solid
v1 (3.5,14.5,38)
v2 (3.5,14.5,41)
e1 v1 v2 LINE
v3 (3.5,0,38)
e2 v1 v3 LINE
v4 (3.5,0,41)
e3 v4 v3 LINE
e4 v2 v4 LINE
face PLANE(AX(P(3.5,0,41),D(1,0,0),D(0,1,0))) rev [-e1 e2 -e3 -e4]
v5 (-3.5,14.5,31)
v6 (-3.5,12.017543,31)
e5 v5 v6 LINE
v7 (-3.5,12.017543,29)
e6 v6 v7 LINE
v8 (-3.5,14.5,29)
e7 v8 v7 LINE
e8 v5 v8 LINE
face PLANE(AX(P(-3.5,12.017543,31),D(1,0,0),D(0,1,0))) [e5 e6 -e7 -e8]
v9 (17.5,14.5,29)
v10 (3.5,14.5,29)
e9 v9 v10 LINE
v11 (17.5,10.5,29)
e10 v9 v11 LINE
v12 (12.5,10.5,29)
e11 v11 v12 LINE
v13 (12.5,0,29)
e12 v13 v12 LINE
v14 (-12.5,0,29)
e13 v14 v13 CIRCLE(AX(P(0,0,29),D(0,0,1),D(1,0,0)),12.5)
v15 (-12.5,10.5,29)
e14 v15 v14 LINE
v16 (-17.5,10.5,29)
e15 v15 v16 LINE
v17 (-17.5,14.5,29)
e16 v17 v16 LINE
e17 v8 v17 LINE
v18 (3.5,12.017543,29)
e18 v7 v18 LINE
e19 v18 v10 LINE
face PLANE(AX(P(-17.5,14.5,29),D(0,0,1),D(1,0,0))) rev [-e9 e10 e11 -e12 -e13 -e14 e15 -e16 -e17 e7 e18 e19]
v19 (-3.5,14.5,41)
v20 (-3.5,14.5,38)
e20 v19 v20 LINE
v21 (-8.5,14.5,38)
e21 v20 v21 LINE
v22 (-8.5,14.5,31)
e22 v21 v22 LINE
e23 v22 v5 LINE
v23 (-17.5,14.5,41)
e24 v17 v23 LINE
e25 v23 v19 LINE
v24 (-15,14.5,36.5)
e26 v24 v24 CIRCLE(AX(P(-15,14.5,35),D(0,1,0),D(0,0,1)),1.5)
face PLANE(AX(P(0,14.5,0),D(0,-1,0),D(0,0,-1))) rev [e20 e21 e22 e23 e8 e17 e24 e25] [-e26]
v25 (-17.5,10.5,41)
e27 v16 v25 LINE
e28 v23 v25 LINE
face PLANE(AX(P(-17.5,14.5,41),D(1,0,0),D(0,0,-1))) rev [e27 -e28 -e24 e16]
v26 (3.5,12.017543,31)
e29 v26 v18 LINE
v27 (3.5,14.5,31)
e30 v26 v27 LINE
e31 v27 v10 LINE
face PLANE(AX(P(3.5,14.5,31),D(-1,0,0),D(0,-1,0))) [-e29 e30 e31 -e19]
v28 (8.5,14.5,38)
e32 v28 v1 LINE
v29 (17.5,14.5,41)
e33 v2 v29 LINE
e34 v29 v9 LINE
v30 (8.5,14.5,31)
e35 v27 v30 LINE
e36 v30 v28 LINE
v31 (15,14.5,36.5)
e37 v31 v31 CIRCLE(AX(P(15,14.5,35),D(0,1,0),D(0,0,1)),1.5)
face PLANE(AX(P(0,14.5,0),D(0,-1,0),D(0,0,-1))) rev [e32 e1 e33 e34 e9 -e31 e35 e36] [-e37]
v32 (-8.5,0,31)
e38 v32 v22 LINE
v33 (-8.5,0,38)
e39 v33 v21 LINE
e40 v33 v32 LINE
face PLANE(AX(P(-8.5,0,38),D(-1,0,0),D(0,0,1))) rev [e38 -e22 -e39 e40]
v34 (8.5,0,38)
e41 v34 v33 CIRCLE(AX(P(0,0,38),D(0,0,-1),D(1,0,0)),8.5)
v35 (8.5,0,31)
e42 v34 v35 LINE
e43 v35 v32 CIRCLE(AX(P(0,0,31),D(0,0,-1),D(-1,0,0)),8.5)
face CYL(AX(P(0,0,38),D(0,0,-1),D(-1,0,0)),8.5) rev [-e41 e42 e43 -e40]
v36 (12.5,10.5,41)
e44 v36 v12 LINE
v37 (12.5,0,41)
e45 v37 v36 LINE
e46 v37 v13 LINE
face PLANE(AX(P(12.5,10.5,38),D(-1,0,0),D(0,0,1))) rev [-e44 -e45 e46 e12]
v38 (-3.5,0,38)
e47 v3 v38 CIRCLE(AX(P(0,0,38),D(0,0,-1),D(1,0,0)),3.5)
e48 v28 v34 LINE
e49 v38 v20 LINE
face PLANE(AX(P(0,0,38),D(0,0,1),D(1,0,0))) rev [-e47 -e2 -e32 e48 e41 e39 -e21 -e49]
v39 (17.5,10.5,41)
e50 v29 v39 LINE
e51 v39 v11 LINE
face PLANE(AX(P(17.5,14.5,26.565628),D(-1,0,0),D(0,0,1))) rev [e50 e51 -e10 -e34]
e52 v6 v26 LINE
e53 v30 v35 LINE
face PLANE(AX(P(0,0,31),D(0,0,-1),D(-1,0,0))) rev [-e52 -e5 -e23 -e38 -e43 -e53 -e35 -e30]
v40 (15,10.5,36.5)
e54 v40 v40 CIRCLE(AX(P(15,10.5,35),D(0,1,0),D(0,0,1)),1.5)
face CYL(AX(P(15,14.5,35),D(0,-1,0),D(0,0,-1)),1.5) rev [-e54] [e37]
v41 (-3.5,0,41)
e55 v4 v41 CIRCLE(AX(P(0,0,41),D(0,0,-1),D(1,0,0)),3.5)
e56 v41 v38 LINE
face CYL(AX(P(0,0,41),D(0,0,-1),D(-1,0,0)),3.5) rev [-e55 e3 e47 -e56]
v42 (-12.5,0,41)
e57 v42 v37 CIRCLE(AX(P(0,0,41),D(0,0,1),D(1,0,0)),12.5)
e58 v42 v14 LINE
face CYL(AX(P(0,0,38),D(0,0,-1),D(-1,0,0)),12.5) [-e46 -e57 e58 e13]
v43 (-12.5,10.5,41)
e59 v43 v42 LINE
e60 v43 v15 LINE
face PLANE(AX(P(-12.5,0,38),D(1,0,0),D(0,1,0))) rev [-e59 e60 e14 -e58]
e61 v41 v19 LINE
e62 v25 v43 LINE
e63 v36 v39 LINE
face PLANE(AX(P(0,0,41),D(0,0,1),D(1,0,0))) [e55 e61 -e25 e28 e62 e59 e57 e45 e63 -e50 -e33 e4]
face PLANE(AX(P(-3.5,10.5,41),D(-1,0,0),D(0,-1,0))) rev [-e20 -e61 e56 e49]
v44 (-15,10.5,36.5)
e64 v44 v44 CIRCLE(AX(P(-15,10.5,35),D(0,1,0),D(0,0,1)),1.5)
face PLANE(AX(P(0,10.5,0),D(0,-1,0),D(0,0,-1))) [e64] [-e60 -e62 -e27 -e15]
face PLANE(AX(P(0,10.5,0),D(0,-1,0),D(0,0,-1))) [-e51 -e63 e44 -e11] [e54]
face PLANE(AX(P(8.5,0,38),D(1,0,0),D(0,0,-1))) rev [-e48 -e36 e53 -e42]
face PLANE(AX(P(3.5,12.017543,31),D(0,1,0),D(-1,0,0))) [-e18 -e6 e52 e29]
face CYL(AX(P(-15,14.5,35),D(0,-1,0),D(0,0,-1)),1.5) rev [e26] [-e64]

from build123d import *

# Parameters (mm, degrees)
SALIENTE_EXTRUIR1_DEPTH    = 38
SALIENTE_EXTRUIR2_DEPTH    = 3
SALIENTE_EXTRUIR3_DEPTH    = 2
CROQUIS4_R                 = 1.5
SALIENTE_EXTRUIR4_DEPTH    = 4
CROQUIS5_W                 = 35
CROQUIS5_H                 = 31
CORTAR_EXTRUIR1_DEPTH      = 24
CORTAR_EXTRUIR1_DEPTH_BACK = 5
SALIENTE_EXTRUIR5_DEPTH    = 2


with BuildPart() as part:
    # Croquis1 → Saliente-Extruir1 (new body)
    with BuildSketch(Plane.XY):
        with BuildLine():
            Line((10.5, 10.5), (12.5, 10.5))
            Line((12.5, 10.5), (12.5, 0))
            ThreePointArc((12.5, 0), (0, -12.5), (-12.5, 0))
            Line((-12.5, 0), (-12.5, 10.5))
            Line((-12.5, 10.5), (-10.5, 10.5))
            Line((-10.5, 10.5), (-8.5, 10.5))
            Line((-8.5, 10.5), (-8.5, 0))
            ThreePointArc((-8.5, 0), (0, -8.5), (8.5, 0))
            Line((8.5, 0), (8.5, 10.5))
            Line((8.5, 10.5), (10.5, 10.5))
        make_face()
    extrude(amount=SALIENTE_EXTRUIR1_DEPTH)

    # Croquis2 → Saliente-Extruir2 (add)
    with BuildSketch(Plane.XY.offset(38)):
        with BuildLine():
            Line((-12.5, 10.5), (-3.5, 10.5))
            Line((-3.5, 10.5), (-3.5, 0))
            ThreePointArc((-3.5, 0), (0, -3.5), (3.5, 0))
            Line((3.5, 0), (3.5, 10.5))
            Line((3.5, 10.5), (12.5, 10.5))
            Line((12.5, 10.5), (12.5, 0))
            ThreePointArc((12.5, 0), (0, -12.5), (-12.5, 0))
            Line((-12.5, 0), (-12.5, 10.5))
        make_face()
    extrude(amount=SALIENTE_EXTRUIR2_DEPTH)

    # Croquis3 → Saliente-Extruir3 (add)
    with BuildSketch(Plane(origin=(0, 0, 0), x_dir=(-1, 0, 0), z_dir=(0, 0, -1))):
        with BuildLine():
            Line((-12.5, 10.5), (12.5, 10.5))
            Line((12.5, 10.5), (12.5, 0))
            ThreePointArc((12.5, 0), (0, -12.5), (-12.5, 0))
            Line((-12.5, 0), (-12.5, 10.5))
        make_face()
    extrude(amount=SALIENTE_EXTRUIR3_DEPTH)

    # Croquis4 → Saliente-Extruir4 (add)
    with BuildSketch(Plane(origin=(0, 10.5, 0), x_dir=(1, 0, 0), z_dir=(0, 1, 0))):
        Polygon((17.5, -41), (3.5, -41), (3.5, -38), (8.5, -38), (8.5, -26.565627665), (17.5, -26.565627665), align=None)
        with Locations((15, -35)):
            Circle(CROQUIS4_R, mode=Mode.SUBTRACT)
        Polygon((-17.5, -41), (-17.5, -26.565627665), (-8.5, -26.565627665), (-8.5, -38), (-3.5, -38), (-3.5, -41), align=None)
        with Locations((-15, -35)):
            Circle(CROQUIS4_R, mode=Mode.SUBTRACT)
    extrude(amount=SALIENTE_EXTRUIR4_DEPTH)

    # Croquis5 → Cortar-Extruir1 (cut, two sides)
    with BuildSketch(Plane.XZ.offset(-10.5)) as cortar_extruir1_sk:
        with Locations((0, 13.5)):
            Rectangle(CROQUIS5_W, CROQUIS5_H)
    extrude(amount=CORTAR_EXTRUIR1_DEPTH, mode=Mode.SUBTRACT)
    extrude(cortar_extruir1_sk.sketch, amount=-CORTAR_EXTRUIR1_DEPTH_BACK, mode=Mode.SUBTRACT)

    # Croquis6 → Saliente-Extruir5 (add)
    with BuildSketch(Plane(origin=(0, 0, 29), x_dir=(-1, 0, 0), z_dir=(0, 0, -1))):
        with BuildLine():
            Line((-8.5, 14.5), (-3.5, 14.5))
            Line((-3.5, 14.5), (-3.5, 12.017542708))
            Line((-3.5, 12.017542708), (3.5, 12.017542708))
            Line((3.5, 12.017542708), (3.5, 14.5))
            Line((3.5, 14.5), (8.5, 14.5))
            Line((8.5, 14.5), (8.5, 0))
            ThreePointArc((8.5, 0), (0, -8.5), (-8.5, 0))
            Line((-8.5, 0), (-8.5, 14.5))
        make_face()
    extrude(amount=-SALIENTE_EXTRUIR5_DEPTH)


solid = part.part
